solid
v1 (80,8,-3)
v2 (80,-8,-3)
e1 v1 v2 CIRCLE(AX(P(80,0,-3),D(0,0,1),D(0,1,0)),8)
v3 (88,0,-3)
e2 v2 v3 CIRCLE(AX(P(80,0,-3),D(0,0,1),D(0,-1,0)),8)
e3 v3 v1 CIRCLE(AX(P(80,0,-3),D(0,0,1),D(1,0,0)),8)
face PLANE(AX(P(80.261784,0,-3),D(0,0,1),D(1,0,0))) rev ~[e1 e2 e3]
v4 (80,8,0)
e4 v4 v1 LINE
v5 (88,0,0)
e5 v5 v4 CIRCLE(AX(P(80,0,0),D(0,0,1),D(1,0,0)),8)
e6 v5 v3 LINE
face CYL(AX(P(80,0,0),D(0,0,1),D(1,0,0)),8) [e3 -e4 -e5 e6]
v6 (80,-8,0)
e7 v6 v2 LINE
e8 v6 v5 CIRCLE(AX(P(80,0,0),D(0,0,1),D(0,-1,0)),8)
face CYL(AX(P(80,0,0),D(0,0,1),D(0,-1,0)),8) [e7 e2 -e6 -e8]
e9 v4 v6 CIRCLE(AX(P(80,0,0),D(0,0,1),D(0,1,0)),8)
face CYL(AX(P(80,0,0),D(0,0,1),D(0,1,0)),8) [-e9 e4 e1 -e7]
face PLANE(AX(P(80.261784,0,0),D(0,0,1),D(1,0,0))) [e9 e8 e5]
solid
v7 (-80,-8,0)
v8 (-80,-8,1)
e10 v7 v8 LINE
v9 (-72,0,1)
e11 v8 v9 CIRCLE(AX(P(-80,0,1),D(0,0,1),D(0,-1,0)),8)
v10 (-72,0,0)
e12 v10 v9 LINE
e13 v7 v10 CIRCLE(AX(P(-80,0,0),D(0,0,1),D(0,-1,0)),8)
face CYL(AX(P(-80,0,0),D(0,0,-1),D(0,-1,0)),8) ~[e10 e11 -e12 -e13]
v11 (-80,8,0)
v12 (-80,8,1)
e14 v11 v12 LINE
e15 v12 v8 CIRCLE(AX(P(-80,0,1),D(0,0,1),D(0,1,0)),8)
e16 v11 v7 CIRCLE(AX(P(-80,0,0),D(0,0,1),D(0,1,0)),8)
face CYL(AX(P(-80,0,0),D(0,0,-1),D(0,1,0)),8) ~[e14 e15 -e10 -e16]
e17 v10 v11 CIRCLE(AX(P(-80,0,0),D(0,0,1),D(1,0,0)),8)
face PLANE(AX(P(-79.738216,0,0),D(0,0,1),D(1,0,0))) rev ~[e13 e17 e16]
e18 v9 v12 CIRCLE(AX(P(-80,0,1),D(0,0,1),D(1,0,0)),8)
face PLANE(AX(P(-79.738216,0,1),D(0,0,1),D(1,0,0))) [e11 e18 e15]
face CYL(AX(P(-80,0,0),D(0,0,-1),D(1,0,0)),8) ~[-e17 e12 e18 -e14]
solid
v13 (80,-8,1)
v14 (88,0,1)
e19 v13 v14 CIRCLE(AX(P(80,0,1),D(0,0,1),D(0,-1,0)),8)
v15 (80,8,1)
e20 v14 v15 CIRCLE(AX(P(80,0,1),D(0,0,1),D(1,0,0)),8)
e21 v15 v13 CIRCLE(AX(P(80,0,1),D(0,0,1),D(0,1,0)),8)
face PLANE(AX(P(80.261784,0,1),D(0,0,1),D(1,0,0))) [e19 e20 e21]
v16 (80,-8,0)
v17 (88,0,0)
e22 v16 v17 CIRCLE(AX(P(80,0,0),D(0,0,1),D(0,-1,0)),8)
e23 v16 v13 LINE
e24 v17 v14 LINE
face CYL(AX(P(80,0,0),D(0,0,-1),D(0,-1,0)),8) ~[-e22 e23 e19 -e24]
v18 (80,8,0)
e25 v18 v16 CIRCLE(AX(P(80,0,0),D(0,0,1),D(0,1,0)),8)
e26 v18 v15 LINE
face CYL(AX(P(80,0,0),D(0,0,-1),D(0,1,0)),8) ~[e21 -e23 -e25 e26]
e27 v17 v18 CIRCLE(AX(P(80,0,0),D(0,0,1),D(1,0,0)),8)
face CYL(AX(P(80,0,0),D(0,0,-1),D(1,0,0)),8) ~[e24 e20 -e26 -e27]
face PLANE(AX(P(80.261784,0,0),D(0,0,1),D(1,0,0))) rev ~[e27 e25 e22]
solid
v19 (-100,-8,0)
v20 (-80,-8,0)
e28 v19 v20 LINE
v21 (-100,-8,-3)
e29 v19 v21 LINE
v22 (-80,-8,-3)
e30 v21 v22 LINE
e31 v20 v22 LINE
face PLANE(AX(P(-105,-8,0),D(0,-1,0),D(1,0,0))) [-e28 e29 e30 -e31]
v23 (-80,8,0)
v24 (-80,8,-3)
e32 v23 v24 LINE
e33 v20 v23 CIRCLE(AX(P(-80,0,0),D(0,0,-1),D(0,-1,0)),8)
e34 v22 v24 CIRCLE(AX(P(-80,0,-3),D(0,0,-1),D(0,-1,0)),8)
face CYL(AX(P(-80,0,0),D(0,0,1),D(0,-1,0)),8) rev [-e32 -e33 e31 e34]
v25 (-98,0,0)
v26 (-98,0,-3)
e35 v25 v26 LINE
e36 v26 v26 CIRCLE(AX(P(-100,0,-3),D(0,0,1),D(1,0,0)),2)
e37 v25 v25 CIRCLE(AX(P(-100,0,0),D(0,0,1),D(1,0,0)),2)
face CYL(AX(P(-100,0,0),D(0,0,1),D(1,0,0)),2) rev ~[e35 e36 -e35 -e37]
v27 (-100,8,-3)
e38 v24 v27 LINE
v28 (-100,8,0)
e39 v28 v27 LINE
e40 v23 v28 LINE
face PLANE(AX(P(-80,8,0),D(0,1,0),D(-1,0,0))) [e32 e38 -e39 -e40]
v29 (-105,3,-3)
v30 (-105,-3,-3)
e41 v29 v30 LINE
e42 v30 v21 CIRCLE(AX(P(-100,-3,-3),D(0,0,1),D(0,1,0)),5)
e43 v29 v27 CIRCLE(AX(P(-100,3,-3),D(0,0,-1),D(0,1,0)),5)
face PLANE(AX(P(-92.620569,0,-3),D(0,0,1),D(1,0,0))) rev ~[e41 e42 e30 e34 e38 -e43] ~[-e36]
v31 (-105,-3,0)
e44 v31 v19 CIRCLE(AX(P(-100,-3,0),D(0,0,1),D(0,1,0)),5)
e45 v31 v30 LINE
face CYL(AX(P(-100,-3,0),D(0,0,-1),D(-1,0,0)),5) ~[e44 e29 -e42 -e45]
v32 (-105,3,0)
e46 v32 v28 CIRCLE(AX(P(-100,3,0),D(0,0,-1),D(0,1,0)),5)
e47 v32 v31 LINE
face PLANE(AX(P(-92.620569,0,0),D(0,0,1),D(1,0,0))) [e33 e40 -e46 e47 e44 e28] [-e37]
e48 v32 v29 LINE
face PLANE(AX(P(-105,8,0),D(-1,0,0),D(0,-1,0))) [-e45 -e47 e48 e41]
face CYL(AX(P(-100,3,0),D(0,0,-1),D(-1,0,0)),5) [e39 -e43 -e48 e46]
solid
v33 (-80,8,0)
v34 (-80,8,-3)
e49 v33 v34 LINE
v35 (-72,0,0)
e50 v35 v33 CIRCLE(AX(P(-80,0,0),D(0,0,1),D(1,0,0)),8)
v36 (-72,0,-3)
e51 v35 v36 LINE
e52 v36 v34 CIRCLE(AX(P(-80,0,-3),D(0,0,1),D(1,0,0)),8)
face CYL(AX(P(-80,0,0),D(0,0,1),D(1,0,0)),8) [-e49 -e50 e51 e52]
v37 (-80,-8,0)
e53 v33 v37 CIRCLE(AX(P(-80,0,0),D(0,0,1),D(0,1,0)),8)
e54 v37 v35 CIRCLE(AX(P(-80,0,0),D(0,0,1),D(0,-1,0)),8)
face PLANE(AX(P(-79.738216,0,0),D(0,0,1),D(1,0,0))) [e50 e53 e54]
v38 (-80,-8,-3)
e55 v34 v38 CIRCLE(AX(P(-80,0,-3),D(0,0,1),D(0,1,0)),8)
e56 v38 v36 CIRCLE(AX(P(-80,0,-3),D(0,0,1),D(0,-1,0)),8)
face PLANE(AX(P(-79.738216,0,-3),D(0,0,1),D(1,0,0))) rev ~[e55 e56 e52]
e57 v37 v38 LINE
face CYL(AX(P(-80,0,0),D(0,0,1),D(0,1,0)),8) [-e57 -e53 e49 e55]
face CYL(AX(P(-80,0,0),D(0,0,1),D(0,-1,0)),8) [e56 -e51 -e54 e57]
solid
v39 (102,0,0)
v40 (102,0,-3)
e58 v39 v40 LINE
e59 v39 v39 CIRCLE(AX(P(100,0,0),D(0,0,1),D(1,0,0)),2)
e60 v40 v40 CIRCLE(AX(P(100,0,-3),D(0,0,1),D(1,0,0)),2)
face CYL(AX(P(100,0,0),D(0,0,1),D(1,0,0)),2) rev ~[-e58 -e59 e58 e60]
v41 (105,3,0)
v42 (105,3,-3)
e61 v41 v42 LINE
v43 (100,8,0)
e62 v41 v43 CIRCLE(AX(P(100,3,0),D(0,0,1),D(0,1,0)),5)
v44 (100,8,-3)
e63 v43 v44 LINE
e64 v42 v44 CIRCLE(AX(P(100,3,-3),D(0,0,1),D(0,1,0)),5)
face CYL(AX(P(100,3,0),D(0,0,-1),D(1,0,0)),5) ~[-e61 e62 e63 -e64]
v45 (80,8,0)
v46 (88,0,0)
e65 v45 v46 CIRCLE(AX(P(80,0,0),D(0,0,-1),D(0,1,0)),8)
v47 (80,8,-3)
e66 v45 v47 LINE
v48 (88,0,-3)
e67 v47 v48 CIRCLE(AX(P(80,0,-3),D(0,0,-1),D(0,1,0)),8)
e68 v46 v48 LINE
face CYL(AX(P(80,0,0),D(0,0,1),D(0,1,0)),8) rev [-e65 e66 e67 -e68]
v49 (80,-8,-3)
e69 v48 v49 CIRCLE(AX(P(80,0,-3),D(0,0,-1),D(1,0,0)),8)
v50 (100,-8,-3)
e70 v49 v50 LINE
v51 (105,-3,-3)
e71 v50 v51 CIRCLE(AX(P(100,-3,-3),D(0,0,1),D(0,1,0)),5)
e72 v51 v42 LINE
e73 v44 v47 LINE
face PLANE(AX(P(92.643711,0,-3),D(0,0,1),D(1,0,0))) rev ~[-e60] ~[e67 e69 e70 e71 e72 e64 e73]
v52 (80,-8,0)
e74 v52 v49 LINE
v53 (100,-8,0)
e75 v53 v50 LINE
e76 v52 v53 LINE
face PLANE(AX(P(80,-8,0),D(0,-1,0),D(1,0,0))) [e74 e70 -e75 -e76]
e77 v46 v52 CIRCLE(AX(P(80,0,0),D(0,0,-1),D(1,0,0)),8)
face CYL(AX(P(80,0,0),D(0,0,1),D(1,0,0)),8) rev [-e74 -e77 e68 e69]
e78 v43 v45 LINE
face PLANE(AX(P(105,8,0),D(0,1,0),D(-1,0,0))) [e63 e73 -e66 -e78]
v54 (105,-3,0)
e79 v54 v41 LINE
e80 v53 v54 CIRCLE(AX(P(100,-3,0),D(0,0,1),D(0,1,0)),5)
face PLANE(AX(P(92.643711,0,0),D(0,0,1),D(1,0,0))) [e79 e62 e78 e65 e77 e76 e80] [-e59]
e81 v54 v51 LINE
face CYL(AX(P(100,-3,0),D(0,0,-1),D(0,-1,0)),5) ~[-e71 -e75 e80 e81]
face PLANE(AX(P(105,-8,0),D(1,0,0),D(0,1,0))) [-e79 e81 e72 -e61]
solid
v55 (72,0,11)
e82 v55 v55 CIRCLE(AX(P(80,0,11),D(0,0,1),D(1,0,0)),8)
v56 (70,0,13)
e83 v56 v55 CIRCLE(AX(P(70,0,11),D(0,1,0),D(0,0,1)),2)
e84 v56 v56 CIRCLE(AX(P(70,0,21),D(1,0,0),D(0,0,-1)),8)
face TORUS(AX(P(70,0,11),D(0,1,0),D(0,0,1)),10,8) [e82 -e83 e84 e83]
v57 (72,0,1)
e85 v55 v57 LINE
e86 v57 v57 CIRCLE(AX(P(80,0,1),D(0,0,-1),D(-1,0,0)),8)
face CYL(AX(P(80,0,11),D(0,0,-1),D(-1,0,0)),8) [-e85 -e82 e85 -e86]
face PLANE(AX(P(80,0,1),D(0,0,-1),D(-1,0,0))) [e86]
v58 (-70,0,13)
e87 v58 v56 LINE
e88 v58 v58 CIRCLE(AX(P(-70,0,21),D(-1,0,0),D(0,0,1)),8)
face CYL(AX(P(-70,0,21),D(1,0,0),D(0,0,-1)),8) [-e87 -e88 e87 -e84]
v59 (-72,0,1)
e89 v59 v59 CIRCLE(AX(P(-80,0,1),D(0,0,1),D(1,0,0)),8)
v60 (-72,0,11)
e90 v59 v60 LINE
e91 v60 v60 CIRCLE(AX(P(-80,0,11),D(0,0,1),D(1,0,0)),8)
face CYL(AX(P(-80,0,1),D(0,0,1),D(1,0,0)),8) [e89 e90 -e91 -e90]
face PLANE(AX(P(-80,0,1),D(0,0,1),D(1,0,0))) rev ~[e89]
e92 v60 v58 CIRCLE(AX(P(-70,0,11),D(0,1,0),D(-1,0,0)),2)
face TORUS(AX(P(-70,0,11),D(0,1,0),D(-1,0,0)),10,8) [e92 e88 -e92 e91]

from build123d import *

# Parameters (mm, degrees)
F1_DEPTH  = 1
F0_R      = 2
F2_DEPTH  = 3
F3_DEPTH  = 3
F1_FACE_R = 8
F6_R      = 5
F6_2_R    = 5


with BuildPart() as f1:
    # F0 (on Top) → F1 (new body)
    with BuildSketch(Plane.XY):
        with BuildLine():
            ThreePointArc((-80, 8), (-88, 0), (-80, -8))
            ThreePointArc((-80, -8), (-74.3431457505, -5.6568542495), (-72, 0))
            ThreePointArc((-72, 0), (-74.3431457505, 5.6568542495), (-80, 8))
        make_face()
    extrude(amount=F1_DEPTH)


with BuildPart() as f1b:
    # F0 (on Top) → F1, piece 2 (new body)
    with BuildSketch(Plane.XY):
        with BuildLine():
            ThreePointArc((80, 8), (72, 0), (80, -8))
            ThreePointArc((80, -8), (85.6568542495, -5.6568542495), (88, 0))
            ThreePointArc((88, 0), (85.6568542495, 5.6568542495), (80, 8))
        make_face()
    extrude(amount=F1_DEPTH)


with BuildPart() as f2:
    # F0 (on Top) → F2 (new body)
    with BuildSketch(Plane.XY):
        with BuildLine():
            Line((-105, 8), (-105, -8))
            Line((-105, -8), (-80, -8))
            ThreePointArc((-80, -8), (-88, 0), (-80, 8))
            Line((-80, 8), (-105, 8))
        make_face()
        with Locations((-100, 0)):
            Circle(F0_R, mode=Mode.SUBTRACT)
    extrude(amount=-F2_DEPTH)

    # F6
    f6_edges = [f2.edges().sort_by_distance(p)[0] for p in [
        (-105, -8, -1.5),
        (-105, 8, -1.5),
    ]]
    fillet(f6_edges, radius=F6_R)


with BuildPart() as f2b:
    # F0 (on Top) → F2, piece 2 (new body)
    with BuildSketch(Plane.XY):
        with BuildLine():
            Line((80, -8), (105, -8))
            Line((105, -8), (105, 8))
            Line((105, 8), (80, 8))
            ThreePointArc((80, 8), (85.6568542495, 5.6568542495), (88, 0))
            ThreePointArc((88, 0), (85.6568542495, -5.6568542495), (80, -8))
        make_face()
        with Locations((100, 0)):
            Circle(F0_R, mode=Mode.SUBTRACT)
    extrude(amount=-F2_DEPTH)

    # F6#2
    f6_2_edges = [f2b.edges().sort_by_distance(p)[0] for p in [
        (105, -8, -1.5),
        (105, 8, -1.5),
    ]]
    fillet(f6_2_edges, radius=F6_2_R)


with BuildPart() as f3:
    # F0 (on Top) → F3 (new body)
    with BuildSketch(Plane.XY):
        with BuildLine():
            ThreePointArc((-80, 8), (-88, 0), (-80, -8))
            ThreePointArc((-80, -8), (-74.3431457505, -5.6568542495), (-72, 0))
            ThreePointArc((-72, 0), (-74.3431457505, 5.6568542495), (-80, 8))
        make_face()
    extrude(amount=-F3_DEPTH)


with BuildPart() as f3b:
    # F0 (on Top) → F3, piece 2 (new body)
    with BuildSketch(Plane.XY):
        with BuildLine():
            ThreePointArc((80, 8), (72, 0), (80, -8))
            ThreePointArc((80, -8), (85.6568542495, -5.6568542495), (88, 0))
            ThreePointArc((88, 0), (85.6568542495, 5.6568542495), (80, 8))
        make_face()
    extrude(amount=-F3_DEPTH)


with BuildPart() as f5:
    # F5: sweep along a path in F4
    with BuildLine(Plane.XZ) as f5_path:
        Line((-80, 1), (-80, 11))
        ThreePointArc((-80, 11), (-77.0710678119, 18.0710678119), (-70, 21))
        Line((-70, 21), (0, 21))
        Line((0, 21), (70, 21))
        ThreePointArc((70, 21), (77.0710678119, 18.0710678119), (80, 11))
        Line((80, 11), (80, 1))
    # F1_face (on face) → F5 (sweep)
    with BuildSketch(Plane(origin=(-80, 0, 1), x_dir=(1, 0, 0), z_dir=(0, 0, 1))):
        Circle(F1_FACE_R)
    sweep(path=f5_path.line)


solid = Compound([f1.part, f1b.part, f2.part, f2b.part, f3.part, f3b.part, f5.part])
